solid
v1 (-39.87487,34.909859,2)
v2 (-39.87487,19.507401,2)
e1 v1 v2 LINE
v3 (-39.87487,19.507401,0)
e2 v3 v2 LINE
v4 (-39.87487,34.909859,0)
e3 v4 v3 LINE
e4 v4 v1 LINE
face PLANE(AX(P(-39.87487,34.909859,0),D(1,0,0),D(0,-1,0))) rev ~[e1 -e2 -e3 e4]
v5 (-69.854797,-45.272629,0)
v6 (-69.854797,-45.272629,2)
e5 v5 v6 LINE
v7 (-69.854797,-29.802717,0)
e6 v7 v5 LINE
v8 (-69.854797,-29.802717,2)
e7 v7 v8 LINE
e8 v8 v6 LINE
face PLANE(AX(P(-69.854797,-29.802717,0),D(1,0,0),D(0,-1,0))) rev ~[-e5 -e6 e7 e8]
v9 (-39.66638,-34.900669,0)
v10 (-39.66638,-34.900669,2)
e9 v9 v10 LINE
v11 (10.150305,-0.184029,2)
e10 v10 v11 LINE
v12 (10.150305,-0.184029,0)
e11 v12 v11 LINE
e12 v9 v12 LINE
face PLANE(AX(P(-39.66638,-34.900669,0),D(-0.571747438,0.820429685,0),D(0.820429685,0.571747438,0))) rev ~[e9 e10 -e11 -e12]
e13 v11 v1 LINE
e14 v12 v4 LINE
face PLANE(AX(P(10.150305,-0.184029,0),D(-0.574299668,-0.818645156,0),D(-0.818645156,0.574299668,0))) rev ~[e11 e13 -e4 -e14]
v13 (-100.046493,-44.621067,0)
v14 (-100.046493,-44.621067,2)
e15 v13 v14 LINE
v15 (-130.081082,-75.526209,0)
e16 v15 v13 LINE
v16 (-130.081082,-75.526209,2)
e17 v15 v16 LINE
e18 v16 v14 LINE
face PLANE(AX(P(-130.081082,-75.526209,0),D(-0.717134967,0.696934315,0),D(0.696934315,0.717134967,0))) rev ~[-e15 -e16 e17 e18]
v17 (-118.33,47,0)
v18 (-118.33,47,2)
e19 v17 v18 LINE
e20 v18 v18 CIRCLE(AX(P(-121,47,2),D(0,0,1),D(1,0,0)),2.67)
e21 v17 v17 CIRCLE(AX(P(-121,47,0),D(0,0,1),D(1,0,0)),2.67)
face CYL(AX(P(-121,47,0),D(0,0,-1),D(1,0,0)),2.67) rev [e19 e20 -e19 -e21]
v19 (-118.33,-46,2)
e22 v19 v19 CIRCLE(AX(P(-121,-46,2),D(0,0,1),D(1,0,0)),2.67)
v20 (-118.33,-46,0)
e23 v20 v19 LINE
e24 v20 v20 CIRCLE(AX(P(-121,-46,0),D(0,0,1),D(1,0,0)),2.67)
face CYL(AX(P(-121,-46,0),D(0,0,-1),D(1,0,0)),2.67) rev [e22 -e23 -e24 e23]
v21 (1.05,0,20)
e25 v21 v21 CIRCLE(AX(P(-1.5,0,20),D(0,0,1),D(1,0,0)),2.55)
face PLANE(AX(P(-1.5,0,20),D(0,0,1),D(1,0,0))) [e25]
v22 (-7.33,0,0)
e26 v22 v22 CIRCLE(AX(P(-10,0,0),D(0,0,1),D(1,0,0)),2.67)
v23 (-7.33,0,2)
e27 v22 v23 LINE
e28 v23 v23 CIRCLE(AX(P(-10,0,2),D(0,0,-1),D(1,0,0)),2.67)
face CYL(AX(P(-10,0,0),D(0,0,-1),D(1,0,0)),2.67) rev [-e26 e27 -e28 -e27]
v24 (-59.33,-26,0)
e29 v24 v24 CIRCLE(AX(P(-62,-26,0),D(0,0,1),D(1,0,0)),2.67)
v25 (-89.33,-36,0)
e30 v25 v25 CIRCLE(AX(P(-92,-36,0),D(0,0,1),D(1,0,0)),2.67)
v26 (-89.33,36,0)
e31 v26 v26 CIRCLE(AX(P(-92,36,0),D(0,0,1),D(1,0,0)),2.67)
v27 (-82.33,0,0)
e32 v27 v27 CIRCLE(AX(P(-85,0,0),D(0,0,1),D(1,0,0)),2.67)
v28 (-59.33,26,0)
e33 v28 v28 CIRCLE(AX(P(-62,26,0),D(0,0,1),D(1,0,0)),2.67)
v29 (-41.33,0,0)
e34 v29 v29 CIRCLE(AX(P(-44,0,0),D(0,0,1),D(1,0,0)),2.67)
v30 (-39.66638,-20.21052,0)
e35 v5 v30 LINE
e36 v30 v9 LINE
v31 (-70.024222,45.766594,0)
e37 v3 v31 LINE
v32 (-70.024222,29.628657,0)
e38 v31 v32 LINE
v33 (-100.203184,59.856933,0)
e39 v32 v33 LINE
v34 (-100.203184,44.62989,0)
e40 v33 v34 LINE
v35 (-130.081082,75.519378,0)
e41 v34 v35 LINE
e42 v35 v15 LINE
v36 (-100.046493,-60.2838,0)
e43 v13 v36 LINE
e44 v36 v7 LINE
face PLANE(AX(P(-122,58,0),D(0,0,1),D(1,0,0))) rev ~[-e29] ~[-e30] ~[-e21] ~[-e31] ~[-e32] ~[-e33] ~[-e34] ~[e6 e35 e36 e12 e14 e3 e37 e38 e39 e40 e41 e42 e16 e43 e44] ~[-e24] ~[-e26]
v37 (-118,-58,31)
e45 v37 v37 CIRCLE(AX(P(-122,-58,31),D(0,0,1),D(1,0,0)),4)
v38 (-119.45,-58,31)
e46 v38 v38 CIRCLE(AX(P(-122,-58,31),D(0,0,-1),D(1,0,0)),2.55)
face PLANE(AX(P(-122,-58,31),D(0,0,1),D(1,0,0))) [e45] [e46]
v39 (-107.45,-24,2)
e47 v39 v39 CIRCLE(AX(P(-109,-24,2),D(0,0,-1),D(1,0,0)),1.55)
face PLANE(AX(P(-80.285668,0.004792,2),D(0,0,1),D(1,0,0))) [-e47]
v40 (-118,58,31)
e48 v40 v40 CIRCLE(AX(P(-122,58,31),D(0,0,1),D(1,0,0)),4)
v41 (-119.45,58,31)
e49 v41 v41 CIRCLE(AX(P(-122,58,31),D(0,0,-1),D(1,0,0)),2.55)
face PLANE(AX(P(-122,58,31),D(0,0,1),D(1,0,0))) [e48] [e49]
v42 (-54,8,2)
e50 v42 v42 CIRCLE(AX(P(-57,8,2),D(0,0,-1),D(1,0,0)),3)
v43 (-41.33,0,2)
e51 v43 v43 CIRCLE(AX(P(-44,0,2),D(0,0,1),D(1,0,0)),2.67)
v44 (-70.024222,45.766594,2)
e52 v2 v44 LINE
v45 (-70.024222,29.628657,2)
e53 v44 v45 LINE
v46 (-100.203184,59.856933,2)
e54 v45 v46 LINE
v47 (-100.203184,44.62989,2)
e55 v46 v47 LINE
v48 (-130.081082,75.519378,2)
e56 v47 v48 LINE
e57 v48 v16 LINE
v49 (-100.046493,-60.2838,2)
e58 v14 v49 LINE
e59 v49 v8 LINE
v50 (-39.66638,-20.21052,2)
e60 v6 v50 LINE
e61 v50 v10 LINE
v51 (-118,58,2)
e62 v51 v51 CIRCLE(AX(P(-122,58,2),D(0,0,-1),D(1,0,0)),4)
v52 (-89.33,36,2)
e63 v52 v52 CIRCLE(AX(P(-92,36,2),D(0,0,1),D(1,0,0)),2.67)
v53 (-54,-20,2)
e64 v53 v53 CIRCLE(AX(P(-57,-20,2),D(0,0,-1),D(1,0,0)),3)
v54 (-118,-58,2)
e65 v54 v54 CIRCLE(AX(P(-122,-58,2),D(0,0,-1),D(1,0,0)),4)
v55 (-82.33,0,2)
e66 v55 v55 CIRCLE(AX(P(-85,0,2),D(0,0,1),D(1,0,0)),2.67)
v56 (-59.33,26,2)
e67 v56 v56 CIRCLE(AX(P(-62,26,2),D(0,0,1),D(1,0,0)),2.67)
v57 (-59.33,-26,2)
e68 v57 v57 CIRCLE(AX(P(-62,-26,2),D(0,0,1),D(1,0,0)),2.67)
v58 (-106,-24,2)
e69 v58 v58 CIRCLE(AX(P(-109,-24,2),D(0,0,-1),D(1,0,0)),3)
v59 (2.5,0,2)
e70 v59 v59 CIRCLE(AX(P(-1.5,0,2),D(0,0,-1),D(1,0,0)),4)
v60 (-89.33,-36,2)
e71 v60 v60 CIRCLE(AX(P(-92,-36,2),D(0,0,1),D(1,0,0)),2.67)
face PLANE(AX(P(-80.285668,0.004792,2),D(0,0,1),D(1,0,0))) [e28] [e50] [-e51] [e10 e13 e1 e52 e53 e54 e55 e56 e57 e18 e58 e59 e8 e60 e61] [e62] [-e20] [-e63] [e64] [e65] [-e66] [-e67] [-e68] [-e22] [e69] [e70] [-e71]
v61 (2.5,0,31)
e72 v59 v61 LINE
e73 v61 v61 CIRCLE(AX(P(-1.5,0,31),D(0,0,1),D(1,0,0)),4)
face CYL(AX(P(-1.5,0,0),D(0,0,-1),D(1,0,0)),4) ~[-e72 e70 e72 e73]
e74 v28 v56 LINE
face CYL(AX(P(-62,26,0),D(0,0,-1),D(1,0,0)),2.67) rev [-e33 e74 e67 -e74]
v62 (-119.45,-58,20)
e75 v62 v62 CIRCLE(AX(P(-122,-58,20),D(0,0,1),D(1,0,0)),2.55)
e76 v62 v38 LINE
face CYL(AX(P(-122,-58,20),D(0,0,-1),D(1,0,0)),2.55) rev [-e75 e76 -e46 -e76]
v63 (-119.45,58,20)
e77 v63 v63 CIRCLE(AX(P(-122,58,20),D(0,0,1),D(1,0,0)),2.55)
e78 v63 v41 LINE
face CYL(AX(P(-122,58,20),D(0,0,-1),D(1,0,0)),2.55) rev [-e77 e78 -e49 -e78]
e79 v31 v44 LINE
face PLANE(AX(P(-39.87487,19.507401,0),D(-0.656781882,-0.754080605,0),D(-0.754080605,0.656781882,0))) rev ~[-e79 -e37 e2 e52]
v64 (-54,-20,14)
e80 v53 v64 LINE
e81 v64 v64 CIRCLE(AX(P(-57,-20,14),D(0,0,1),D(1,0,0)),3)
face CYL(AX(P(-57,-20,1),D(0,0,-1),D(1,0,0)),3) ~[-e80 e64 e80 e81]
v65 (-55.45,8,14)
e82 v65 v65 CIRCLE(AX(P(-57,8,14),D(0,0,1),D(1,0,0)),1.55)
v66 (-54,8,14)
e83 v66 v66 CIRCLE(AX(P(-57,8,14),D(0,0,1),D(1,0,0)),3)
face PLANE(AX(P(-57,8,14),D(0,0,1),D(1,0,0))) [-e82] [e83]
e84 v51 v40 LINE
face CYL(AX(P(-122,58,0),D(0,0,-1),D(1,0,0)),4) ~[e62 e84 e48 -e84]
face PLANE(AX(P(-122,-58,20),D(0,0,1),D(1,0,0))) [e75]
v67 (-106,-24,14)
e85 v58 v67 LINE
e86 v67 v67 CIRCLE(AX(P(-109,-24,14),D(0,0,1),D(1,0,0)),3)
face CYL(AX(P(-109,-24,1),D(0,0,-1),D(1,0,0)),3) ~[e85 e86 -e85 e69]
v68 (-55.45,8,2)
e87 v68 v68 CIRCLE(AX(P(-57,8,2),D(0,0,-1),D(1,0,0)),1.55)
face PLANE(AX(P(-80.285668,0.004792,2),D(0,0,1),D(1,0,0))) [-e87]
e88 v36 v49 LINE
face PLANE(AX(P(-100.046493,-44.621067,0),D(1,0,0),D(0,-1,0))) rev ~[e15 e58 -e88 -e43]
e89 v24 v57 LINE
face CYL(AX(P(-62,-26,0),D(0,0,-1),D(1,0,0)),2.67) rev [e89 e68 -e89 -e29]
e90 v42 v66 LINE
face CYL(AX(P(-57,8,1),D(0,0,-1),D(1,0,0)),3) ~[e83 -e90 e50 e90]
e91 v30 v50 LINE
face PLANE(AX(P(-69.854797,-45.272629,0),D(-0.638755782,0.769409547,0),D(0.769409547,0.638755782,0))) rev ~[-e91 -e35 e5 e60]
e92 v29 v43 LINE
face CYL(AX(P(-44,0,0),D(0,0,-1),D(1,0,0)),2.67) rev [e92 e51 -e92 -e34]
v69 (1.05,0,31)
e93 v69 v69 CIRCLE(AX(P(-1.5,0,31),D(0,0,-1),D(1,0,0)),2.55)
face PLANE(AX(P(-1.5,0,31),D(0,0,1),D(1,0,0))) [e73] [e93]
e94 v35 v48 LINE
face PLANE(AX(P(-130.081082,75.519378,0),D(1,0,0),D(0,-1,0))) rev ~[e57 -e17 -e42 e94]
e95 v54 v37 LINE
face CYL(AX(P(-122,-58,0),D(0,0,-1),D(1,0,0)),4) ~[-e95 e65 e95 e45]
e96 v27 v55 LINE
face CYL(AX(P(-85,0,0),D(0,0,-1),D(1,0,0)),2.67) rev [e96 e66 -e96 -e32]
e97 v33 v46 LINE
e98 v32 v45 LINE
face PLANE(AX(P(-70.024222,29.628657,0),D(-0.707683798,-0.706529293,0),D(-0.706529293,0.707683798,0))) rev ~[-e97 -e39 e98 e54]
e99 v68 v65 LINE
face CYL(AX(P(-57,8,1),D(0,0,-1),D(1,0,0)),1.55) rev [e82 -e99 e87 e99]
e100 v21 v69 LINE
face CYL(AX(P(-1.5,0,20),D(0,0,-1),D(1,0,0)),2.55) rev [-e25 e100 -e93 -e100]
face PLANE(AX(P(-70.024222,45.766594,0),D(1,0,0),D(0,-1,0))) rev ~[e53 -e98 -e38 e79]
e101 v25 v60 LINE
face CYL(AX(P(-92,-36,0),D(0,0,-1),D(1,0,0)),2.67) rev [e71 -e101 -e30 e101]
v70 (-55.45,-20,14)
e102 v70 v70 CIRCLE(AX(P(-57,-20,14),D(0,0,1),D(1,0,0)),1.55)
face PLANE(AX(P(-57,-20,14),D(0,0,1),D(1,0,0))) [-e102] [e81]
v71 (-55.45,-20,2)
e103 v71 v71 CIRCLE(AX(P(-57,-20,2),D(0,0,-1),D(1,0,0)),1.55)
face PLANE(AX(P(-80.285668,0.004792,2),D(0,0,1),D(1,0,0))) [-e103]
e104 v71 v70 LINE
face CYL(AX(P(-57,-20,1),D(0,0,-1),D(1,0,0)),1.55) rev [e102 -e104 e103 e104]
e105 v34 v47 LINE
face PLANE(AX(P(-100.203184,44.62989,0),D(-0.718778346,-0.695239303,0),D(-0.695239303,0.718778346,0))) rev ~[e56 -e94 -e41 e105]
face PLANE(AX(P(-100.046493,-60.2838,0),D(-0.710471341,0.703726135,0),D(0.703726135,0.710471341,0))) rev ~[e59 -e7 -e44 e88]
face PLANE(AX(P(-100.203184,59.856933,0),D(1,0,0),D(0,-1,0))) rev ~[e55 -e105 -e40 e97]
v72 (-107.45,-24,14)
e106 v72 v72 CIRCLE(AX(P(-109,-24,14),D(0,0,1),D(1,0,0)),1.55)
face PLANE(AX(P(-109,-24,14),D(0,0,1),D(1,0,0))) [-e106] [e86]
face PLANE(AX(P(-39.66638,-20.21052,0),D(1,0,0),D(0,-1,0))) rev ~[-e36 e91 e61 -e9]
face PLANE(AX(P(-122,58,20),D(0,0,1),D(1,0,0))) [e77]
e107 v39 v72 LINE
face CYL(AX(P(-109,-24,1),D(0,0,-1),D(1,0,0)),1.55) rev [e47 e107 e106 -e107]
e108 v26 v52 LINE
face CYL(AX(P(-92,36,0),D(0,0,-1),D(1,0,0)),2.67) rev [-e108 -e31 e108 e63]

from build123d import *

# Parameters (mm, degrees)
CYLINDER020_R     = 2.55
CYLINDER020_DEPTH = 12
CYLINDER010_R     = 4
CYLINDER010_DEPTH = 31
CYLINDER019_R     = 2.55
CYLINDER019_DEPTH = 12
CYLINDER009_R     = 4
CYLINDER009_DEPTH = 31
CYLINDER018_R     = 2.55
CYLINDER018_DEPTH = 12
CYLINDER011_R     = 4
CYLINDER011_DEPTH = 31
CYLINDER015_R     = 1.55
CYLINDER015_DEPTH = 13
CYLINDER012_R     = 3
CYLINDER012_DEPTH = 13
CYLINDER017_R     = 1.55
CYLINDER017_DEPTH = 13
CYLINDER013_R     = 3
CYLINDER013_DEPTH = 13
CYLINDER008_R     = 2.67
CYLINDER008_DEPTH = 2
CYLINDER007_R     = 2.67
CYLINDER007_DEPTH = 2
CYLINDER006_R     = 2.67
CYLINDER006_DEPTH = 2
CYLINDER005_R     = 2.67
CYLINDER005_DEPTH = 2
CYLINDER004_R     = 2.67
CYLINDER004_DEPTH = 2
CYLINDER003_R     = 2.67
CYLINDER003_DEPTH = 2
CYLINDER002_R     = 2.67
CYLINDER002_DEPTH = 2
CYLINDER001_R     = 2.67
CYLINDER001_DEPTH = 2
CYLINDER_R        = 2.67
CYLINDER_DEPTH    = 3
PAD001_DEPTH      = 2
CYLINDER016_R     = 1.55
CYLINDER016_DEPTH = 13
CYLINDER014_R     = 3
CYLINDER014_DEPTH = 13


with BuildPart() as cylindre002:
    # Cylinder020 → Cylinder020 (new body)
    with BuildSketch(Plane(origin=(-121, 39, 20), x_dir=(1, 0, 0), z_dir=(0, 0, 1))):
        Circle(CYLINDER020_R)
    extrude(amount=CYLINDER020_DEPTH)


with BuildPart() as cut014:
    # Cylinder010 → Cylinder010 (new body)
    with BuildSketch(Plane(origin=(-121, 39, 0), x_dir=(1, 0, 0), z_dir=(0, 0, 1))):
        Circle(CYLINDER010_R)
    extrude(amount=CYLINDER010_DEPTH)

    # Cut014: cut Cylindre002
    add(cylindre002.part, mode=Mode.SUBTRACT)


with BuildPart() as cut014_1:
    # Cut014 placement: moved
    add(cut014.part.moved(Location((-1, 19, 0))))


with BuildPart() as cylindre001:
    # Cylinder019 → Cylinder019 (new body)
    with BuildSketch(Plane(origin=(-2, 0, 20), x_dir=(1, 0, 0), z_dir=(0, 0, 1))):
        Circle(CYLINDER019_R)
    extrude(amount=CYLINDER019_DEPTH)


with BuildPart() as cut013:
    # Cylinder009 → Cylinder009 (new body)
    with BuildSketch(Plane(origin=(-2, 0, 0), x_dir=(1, 0, 0), z_dir=(0, 0, 1))):
        Circle(CYLINDER009_R)
    extrude(amount=CYLINDER009_DEPTH)

    # Cut013: cut Cylindre001
    add(cylindre001.part, mode=Mode.SUBTRACT)


with BuildPart() as cut013_1:
    # Cut013 placement: moved
    add(cut013.part.moved(Location((0.5, 0, 0))))


with BuildPart() as cylindre:
    # Cylinder018 → Cylinder018 (new body)
    with BuildSketch(Plane(origin=(-121, -36, 20), x_dir=(1, 0, 0), z_dir=(0, 0, 1))):
        Circle(CYLINDER018_R)
    extrude(amount=CYLINDER018_DEPTH)


with BuildPart() as cut012:
    # Cylinder011 → Cylinder011 (new body)
    with BuildSketch(Plane(origin=(-121, -36, 0), x_dir=(1, 0, 0), z_dir=(0, 0, 1))):
        Circle(CYLINDER011_R)
    extrude(amount=CYLINDER011_DEPTH)

    # Cut012: cut Cylindre
    add(cylindre.part, mode=Mode.SUBTRACT)


with BuildPart() as cut012_1:
    # Cut012 placement: moved
    add(cut012.part.moved(Location((-1, -22, 0))))


with BuildPart() as arduino_bint:
    # Cylinder015 → Cylinder015 (new body)
    with BuildSketch(Plane(origin=(0, -140, 0), x_dir=(1, 0, 0), z_dir=(0, 0, 1))):
        Circle(CYLINDER015_R)
    extrude(amount=CYLINDER015_DEPTH)


with BuildPart() as arduino_bas:
    # Cylinder012 → Cylinder012 (new body)
    with BuildSketch(Plane(origin=(0, -140, 0), x_dir=(1, 0, 0), z_dir=(0, 0, 1))):
        Circle(CYLINDER012_R)
    extrude(amount=CYLINDER012_DEPTH)

    # Cut: cut Arduino_Bint
    add(arduino_bint.part, mode=Mode.SUBTRACT)


with BuildPart() as arduino_bas_1:
    # Cut placement: moved
    add(arduino_bas.part.moved(Location((-109, 116, 1))))


with BuildPart() as arduino_gint:
    # Cylinder017 → Cylinder017 (new body)
    with BuildSketch(Plane(origin=(0, -140, 0), x_dir=(1, 0, 0), z_dir=(0, 0, 1))):
        Circle(CYLINDER017_R)
    extrude(amount=CYLINDER017_DEPTH)


with BuildPart() as arduinog:
    # Cylinder013 → Cylinder013 (new body)
    with BuildSketch(Plane(origin=(0, -140, 0), x_dir=(1, 0, 0), z_dir=(0, 0, 1))):
        Circle(CYLINDER013_R)
    extrude(amount=CYLINDER013_DEPTH)

    # Cut001: cut Arduino_Gint
    add(arduino_gint.part, mode=Mode.SUBTRACT)


with BuildPart() as arduinog_1:
    # Cut001 placement: moved
    add(arduinog.part.moved(Location((-57, 148, 1))))


with BuildPart() as ledm2:
    # Cylinder008 → Cylinder008 (new body)
    with BuildSketch(Plane(origin=(-85, 0, 0), x_dir=(1, 0, 0), z_dir=(0, 0, 1))):
        Circle(CYLINDER008_R)
    extrude(amount=CYLINDER008_DEPTH)


with BuildPart() as ledm1:
    # Cylinder007 → Cylinder007 (new body)
    with BuildSketch(Plane(origin=(-44, 0, 0), x_dir=(1, 0, 0), z_dir=(0, 0, 1))):
        Circle(CYLINDER007_R)
    extrude(amount=CYLINDER007_DEPTH)


with BuildPart() as ledd3:
    # Cylinder006 → Cylinder006 (new body)
    with BuildSketch(Plane(origin=(-121, -46, 0), x_dir=(1, 0, 0), z_dir=(0, 0, 1))):
        Circle(CYLINDER006_R)
    extrude(amount=CYLINDER006_DEPTH)


with BuildPart() as ledd2:
    # Cylinder005 → Cylinder005 (new body)
    with BuildSketch(Plane(origin=(-92, -36, 0), x_dir=(1, 0, 0), z_dir=(0, 0, 1))):
        Circle(CYLINDER005_R)
    extrude(amount=CYLINDER005_DEPTH)


with BuildPart() as ledd1:
    # Cylinder004 → Cylinder004 (new body)
    with BuildSketch(Plane(origin=(-62, -26, 0), x_dir=(1, 0, 0), z_dir=(0, 0, 1))):
        Circle(CYLINDER004_R)
    extrude(amount=CYLINDER004_DEPTH)


with BuildPart() as ledg3:
    # Cylinder003 → Cylinder003 (new body)
    with BuildSketch(Plane(origin=(-121, 47, 0), x_dir=(1, 0, 0), z_dir=(0, 0, 1))):
        Circle(CYLINDER003_R)
    extrude(amount=CYLINDER003_DEPTH)


with BuildPart() as ledg2:
    # Cylinder002 → Cylinder002 (new body)
    with BuildSketch(Plane(origin=(-92, 36, 0), x_dir=(1, 0, 0), z_dir=(0, 0, 1))):
        Circle(CYLINDER002_R)
    extrude(amount=CYLINDER002_DEPTH)


with BuildPart() as ledg1:
    # Cylinder001 → Cylinder001 (new body)
    with BuildSketch(Plane(origin=(-62, 26, 0), x_dir=(1, 0, 0), z_dir=(0, 0, 1))):
        Circle(CYLINDER001_R)
    extrude(amount=CYLINDER001_DEPTH)


with BuildPart() as led_haut:
    # Cylinder → Cylinder (new body)
    with BuildSketch(Plane(origin=(-10, 0, 0), x_dir=(1, 0, 0), z_dir=(0, 0, 1))):
        Circle(CYLINDER_R)
    extrude(amount=CYLINDER_DEPTH)


with BuildPart() as cut011:
    # Sketch → Pad001 (new body)
    with BuildSketch(Plane.XY):
        Polygon((-130.081082, 75.519378), (-130.081082, -75.526209), (-100.046493, -44.621067), (-100.046493, -60.2838), (-69.854797, -29.802717), (-69.854797, -45.272629), (-39.66638, -20.21052), (-39.66638, -34.900669), (10.150305, -0.184029), (-39.87487, 34.909859), (-39.87487, 19.507401), (-70.024222, 45.766594), (-70.024222, 29.628657), (-100.203184, 59.856933), (-100.203184, 44.62989), align=None)
    extrude(amount=PAD001_DEPTH)

    # Cut003: cut Led_haut
    add(led_haut.part, mode=Mode.SUBTRACT)

    # Cut004: cut LedG1
    add(ledg1.part, mode=Mode.SUBTRACT)

    # Cut005: cut LedG2
    add(ledg2.part, mode=Mode.SUBTRACT)

    # Cut006: cut LedG3
    add(ledg3.part, mode=Mode.SUBTRACT)

    # Cut007: cut LedD1
    add(ledd1.part, mode=Mode.SUBTRACT)

    # Cut008: cut LedD2
    add(ledd2.part, mode=Mode.SUBTRACT)

    # Cut009: cut LedD3
    add(ledd3.part, mode=Mode.SUBTRACT)

    # Cut010: cut LedM1
    add(ledm1.part, mode=Mode.SUBTRACT)

    # Cut011: cut LedM2
    add(ledm2.part, mode=Mode.SUBTRACT)


with BuildPart() as arduino_dint:
    # Cylinder016 → Cylinder016 (new body)
    with BuildSketch(Plane(origin=(0, -140, 0), x_dir=(1, 0, 0), z_dir=(0, 0, 1))):
        Circle(CYLINDER016_R)
    extrude(amount=CYLINDER016_DEPTH)


with BuildPart() as fusion006:
    # Cylinder014 → Cylinder014 (new body)
    with BuildSketch(Plane(origin=(0, -140, 0), x_dir=(1, 0, 0), z_dir=(0, 0, 1))):
        Circle(CYLINDER014_R)
    extrude(amount=CYLINDER014_DEPTH)

    # Cut002: cut Arduino_Dint
    add(arduino_dint.part, mode=Mode.SUBTRACT)


with BuildPart() as fusion006_1:
    # Cut002 placement: moved
    add(fusion006.part.moved(Location((-57, 120, 1))))

    # Fusion002: union Cut011
    add(cut011.part)

    # Fusion: union ArduinoG
    add(arduinog_1.part)

    # Fusion003: union Arduino_bas
    add(arduino_bas_1.part)

    # Fusion004: union Cut012
    add(cut012_1.part)

    # Fusion005: union Cut013
    add(cut013_1.part)

    # Fusion006: union Cut014
    add(cut014_1.part)


solid = fusion006_1.part
